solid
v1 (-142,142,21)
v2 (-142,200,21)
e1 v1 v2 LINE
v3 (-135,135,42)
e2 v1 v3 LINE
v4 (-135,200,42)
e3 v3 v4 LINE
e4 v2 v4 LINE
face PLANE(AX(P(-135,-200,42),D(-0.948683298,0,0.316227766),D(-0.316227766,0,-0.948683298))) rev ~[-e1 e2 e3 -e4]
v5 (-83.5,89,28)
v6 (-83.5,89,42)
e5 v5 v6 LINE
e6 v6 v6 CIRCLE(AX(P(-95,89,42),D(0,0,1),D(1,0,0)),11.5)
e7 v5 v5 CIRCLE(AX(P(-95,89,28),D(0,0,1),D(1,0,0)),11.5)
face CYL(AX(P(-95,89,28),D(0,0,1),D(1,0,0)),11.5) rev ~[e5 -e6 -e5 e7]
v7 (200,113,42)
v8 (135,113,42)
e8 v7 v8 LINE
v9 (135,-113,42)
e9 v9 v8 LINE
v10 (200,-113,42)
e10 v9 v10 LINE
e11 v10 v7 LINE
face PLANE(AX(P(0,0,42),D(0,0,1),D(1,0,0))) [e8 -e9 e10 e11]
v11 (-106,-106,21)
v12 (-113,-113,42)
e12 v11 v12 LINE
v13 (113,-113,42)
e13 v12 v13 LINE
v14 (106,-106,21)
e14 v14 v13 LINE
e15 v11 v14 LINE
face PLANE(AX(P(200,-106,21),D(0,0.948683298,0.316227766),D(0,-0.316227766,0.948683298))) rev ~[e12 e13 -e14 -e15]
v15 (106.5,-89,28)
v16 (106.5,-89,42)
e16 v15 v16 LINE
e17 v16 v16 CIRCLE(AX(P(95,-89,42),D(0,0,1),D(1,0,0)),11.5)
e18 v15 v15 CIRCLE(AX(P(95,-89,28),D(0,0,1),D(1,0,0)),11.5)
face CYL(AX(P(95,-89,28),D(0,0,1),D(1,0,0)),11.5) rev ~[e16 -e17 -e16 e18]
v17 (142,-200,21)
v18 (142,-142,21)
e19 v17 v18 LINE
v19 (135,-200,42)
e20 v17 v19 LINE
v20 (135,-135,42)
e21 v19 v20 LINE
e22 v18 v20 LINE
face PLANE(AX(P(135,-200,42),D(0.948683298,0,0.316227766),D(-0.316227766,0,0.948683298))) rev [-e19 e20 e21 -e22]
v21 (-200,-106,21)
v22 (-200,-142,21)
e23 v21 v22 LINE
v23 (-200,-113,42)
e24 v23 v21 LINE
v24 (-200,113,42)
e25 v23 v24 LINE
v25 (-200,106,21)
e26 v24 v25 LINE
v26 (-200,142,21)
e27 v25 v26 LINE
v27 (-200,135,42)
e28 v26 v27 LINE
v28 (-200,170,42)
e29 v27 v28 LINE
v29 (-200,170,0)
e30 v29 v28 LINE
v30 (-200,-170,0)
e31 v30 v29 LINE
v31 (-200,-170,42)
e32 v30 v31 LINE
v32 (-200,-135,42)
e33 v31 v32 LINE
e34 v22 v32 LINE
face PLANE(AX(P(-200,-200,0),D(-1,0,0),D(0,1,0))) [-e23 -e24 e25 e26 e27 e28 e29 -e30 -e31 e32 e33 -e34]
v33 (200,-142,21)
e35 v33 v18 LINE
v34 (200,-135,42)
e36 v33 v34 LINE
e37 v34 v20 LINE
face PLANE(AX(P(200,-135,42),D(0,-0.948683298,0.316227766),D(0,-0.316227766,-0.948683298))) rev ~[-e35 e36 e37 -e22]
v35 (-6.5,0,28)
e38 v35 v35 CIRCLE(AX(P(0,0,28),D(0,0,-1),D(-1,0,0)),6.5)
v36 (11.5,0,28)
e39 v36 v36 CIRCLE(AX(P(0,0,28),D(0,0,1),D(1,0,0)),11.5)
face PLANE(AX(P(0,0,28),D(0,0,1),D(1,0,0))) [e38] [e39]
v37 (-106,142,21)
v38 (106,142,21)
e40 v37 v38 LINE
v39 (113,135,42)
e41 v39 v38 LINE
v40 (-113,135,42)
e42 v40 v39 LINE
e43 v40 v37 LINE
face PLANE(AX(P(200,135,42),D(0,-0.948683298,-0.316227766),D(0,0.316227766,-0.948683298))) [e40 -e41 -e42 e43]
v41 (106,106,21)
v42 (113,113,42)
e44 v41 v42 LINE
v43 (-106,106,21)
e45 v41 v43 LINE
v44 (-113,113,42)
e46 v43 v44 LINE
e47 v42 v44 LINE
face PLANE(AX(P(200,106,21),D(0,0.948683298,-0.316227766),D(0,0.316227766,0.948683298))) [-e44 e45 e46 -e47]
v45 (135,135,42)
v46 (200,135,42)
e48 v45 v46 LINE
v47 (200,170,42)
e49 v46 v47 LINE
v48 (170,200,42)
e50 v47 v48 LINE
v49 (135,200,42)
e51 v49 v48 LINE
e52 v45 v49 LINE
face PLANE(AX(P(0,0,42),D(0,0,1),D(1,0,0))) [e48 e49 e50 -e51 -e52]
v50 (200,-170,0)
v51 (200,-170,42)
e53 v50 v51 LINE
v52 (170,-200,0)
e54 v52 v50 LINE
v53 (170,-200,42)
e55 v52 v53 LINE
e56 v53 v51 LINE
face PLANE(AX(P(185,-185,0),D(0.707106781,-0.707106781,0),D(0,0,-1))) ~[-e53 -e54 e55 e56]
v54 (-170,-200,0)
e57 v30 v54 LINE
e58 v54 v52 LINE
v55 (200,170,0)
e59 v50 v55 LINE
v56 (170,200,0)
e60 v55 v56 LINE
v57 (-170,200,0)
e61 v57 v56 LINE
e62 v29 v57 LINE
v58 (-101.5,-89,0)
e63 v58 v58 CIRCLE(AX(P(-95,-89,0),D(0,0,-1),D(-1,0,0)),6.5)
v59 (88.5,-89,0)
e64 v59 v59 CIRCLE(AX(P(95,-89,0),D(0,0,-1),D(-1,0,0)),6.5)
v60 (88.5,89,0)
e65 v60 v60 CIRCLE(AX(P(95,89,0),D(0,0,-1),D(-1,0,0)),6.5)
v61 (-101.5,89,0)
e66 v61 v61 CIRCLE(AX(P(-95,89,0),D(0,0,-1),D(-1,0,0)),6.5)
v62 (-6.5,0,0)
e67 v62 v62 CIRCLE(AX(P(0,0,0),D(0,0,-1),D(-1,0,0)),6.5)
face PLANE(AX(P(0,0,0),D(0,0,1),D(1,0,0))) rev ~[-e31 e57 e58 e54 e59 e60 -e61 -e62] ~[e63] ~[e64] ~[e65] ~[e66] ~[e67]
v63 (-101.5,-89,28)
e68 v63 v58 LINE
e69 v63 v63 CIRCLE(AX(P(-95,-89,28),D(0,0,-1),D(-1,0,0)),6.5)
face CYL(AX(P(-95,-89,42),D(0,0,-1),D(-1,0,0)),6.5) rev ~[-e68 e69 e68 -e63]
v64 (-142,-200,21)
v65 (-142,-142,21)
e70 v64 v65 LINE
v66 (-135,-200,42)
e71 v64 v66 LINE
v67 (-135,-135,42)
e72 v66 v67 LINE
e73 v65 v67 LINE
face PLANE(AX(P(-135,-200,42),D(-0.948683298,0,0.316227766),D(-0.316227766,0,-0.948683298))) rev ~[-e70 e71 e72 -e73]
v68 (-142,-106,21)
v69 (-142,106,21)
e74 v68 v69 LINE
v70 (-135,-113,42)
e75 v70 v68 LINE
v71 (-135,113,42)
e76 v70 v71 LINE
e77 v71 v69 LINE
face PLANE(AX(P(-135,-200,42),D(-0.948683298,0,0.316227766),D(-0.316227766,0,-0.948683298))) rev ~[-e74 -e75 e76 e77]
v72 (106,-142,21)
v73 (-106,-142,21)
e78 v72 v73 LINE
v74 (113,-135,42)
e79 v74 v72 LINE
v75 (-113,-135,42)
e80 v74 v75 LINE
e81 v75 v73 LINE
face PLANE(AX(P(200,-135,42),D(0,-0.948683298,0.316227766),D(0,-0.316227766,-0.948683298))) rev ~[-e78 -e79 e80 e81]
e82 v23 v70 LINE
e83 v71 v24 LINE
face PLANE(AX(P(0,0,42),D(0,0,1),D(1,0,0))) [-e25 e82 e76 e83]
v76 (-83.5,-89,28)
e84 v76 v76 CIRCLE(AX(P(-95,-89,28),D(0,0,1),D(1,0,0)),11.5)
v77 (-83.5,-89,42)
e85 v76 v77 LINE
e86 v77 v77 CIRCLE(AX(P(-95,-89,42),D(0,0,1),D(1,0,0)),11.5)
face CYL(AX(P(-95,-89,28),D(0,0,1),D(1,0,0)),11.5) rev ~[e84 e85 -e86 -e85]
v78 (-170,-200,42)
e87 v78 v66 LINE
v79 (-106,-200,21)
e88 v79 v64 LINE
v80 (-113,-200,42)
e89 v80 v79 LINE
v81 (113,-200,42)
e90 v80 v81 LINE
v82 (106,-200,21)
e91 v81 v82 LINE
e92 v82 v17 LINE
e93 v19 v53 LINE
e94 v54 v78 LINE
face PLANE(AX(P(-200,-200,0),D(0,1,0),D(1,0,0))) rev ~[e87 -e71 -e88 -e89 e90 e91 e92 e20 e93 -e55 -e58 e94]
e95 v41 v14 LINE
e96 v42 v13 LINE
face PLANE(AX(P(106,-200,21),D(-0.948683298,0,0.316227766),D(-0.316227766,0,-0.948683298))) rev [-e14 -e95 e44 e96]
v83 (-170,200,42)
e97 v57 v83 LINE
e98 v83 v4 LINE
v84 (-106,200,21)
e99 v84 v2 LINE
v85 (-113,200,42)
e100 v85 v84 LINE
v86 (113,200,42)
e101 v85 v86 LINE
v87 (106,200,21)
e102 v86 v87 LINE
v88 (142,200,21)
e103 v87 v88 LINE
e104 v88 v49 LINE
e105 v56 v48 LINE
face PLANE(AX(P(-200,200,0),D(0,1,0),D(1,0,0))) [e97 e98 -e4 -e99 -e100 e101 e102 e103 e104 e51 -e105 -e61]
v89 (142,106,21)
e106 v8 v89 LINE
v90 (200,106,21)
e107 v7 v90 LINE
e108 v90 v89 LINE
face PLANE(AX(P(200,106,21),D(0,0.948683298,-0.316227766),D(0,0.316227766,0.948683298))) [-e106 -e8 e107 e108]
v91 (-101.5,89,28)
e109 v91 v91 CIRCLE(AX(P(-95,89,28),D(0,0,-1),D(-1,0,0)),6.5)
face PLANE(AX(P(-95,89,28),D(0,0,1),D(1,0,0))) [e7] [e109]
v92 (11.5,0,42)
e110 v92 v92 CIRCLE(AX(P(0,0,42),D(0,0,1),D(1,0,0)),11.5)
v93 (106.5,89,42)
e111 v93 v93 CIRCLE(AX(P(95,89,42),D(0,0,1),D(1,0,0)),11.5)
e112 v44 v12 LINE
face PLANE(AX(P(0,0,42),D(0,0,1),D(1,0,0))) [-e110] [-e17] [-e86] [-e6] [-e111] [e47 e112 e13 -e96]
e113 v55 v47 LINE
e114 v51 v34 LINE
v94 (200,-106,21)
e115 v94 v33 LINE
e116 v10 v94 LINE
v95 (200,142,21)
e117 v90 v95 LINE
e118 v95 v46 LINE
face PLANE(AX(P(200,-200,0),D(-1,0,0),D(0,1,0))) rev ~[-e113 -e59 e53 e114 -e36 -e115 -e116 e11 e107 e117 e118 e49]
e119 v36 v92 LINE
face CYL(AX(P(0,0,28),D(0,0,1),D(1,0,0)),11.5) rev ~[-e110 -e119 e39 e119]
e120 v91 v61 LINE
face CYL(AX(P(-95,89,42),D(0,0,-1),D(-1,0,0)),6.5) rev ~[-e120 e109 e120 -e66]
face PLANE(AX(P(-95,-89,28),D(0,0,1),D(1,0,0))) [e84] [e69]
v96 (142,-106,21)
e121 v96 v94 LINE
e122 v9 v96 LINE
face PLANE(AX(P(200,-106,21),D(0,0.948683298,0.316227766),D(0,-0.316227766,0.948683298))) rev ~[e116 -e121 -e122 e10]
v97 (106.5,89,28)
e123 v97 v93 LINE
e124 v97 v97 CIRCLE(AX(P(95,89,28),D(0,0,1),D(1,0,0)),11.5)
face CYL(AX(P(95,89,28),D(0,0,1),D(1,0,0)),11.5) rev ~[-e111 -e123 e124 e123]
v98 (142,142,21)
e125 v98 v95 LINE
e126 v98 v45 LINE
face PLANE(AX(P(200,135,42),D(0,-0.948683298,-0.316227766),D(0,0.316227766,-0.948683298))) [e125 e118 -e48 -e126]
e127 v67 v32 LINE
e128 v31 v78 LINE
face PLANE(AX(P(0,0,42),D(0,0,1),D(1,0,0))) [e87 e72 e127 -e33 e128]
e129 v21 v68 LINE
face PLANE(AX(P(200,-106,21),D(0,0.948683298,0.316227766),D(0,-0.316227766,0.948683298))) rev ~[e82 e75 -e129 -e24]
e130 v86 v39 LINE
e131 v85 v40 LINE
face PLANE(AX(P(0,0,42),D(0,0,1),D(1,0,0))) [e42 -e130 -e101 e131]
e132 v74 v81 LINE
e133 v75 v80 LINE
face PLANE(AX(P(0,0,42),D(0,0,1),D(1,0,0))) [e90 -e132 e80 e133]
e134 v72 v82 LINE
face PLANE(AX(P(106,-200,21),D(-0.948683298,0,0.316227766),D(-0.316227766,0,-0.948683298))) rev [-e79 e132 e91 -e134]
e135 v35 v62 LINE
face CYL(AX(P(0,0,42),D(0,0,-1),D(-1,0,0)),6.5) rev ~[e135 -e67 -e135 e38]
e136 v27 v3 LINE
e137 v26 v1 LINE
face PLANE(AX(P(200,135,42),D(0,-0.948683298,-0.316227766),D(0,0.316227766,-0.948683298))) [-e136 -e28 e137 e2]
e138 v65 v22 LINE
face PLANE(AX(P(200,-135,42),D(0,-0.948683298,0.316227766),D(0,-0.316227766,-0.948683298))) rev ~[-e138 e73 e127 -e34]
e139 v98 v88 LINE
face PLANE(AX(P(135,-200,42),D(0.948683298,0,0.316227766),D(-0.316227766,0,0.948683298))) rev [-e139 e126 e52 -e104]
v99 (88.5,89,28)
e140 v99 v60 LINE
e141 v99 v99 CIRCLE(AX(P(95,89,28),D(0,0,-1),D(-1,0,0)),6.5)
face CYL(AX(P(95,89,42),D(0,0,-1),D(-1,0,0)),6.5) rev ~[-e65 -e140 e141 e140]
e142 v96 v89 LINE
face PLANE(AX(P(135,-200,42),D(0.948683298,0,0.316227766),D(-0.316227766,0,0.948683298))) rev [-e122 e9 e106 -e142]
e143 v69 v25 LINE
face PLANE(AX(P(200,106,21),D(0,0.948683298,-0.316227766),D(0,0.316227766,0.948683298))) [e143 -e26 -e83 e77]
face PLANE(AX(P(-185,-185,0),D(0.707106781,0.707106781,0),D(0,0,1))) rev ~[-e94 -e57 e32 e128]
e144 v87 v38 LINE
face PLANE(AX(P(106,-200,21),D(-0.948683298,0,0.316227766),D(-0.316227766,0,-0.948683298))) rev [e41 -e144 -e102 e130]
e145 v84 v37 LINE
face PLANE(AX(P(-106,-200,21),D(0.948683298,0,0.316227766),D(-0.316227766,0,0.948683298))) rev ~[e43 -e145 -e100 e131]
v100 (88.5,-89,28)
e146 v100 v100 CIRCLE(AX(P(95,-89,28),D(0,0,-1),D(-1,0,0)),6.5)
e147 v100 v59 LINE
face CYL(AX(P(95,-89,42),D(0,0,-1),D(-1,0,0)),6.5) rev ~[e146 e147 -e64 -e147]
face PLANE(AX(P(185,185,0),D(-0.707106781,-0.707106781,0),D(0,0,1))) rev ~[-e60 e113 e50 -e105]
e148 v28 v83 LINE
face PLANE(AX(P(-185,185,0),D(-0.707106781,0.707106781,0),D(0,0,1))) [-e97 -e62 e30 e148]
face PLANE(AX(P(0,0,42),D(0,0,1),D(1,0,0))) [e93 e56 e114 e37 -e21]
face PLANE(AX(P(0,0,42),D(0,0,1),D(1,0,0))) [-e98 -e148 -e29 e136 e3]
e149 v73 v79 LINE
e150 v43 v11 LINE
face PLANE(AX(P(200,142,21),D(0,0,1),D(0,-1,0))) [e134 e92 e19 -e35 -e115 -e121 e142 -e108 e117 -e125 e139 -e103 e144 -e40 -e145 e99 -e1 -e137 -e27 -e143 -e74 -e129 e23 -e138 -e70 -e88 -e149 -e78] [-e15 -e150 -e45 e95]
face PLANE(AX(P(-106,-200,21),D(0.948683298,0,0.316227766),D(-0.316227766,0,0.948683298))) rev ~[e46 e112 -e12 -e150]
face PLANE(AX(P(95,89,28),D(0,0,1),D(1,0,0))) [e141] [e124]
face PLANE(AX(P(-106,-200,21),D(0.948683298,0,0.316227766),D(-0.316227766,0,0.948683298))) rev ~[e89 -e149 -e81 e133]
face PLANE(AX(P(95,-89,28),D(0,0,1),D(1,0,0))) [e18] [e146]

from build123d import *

# Parameters (mm, degrees)
SKETCH_1_W                      = 400
SKETCH_1_H                      = 400
EXTRUDE_1_DEPTH                 = 42
CHAMFER_1_SIZE                  = 30
CUT_EXTRUDE_1_DEPTH             = 450.181477802
PATTERN_CIRCULAR_1_COPY_1_DEPTH = 450.181477802
PATTERN_CIRCULAR_1_COPY_2_DEPTH = 450.181477802
HOLE_WIZARD_1_D                 = 13
HOLE_WIZARD_1_CBORE_D           = 23
HOLE_WIZARD_1_CBORE_DEPTH       = 14


with BuildPart() as part:
    # 草图1 → 凸台-拉伸1 (new body)
    with BuildSketch(Plane.XY):
        Rectangle(SKETCH_1_W, SKETCH_1_H)
    extrude(amount=EXTRUDE_1_DEPTH)

    # 倒角1
    chamfer_1_edges = [part.edges().sort_by_distance(p)[0] for p in [
        (-200, -200, 21),
        (-200, 200, 21),
        (200, 200, 21),
        (200, -200, 21),
    ]]
    chamfer(chamfer_1_edges, length=CHAMFER_1_SIZE)

    # 草图2 → 切除-拉伸1 (cut, symmetric)
    with BuildSketch(Plane.XZ.offset(200)):
        Polygon((-142, 21), (-106, 21), (-113, 42), (-135, 42), align=None)
    cut_extrude_1 = extrude(amount=CUT_EXTRUDE_1_DEPTH, both=True, mode=Mode.SUBTRACT)

    # 镜向1: 切除-拉伸1 across plane
    add(cut_extrude_1.mirror(Plane(origin=(0, 0, 0), x_dir=(0, 0, 1), z_dir=(1, 0, 0))), mode=Mode.SUBTRACT)

    # 阵列(圆周)1 copy 1 sketch → 阵列(圆周)1 copy 1 (cut, symmetric)
    with BuildSketch(Plane(origin=(200, 0, 0), x_dir=(0, -1, 0), z_dir=(1, 0, 0))):
        Polygon((-142, -21), (-106, -21), (-113, -42), (-135, -42), align=None)
    extrude(amount=PATTERN_CIRCULAR_1_COPY_1_DEPTH, both=True, mode=Mode.SUBTRACT)

    # 阵列(圆周)1 copy 2 sketch → 阵列(圆周)1 copy 2 (cut, symmetric)
    with BuildSketch(Plane.YZ.offset(200)):
        Polygon((-142, 21), (-106, 21), (-113, 42), (-135, 42), align=None)
    extrude(amount=PATTERN_CIRCULAR_1_COPY_2_DEPTH, both=True, mode=Mode.SUBTRACT)

    # 孔1 (through all)
    with Locations(Plane.XY.offset(42)):
        with Locations((0, 0), (95, 89), (95, -89), (-95, -89), (-95, 89)):
            CounterBoreHole(HOLE_WIZARD_1_D / 2, HOLE_WIZARD_1_CBORE_D / 2, HOLE_WIZARD_1_CBORE_DEPTH)


solid = part.part
